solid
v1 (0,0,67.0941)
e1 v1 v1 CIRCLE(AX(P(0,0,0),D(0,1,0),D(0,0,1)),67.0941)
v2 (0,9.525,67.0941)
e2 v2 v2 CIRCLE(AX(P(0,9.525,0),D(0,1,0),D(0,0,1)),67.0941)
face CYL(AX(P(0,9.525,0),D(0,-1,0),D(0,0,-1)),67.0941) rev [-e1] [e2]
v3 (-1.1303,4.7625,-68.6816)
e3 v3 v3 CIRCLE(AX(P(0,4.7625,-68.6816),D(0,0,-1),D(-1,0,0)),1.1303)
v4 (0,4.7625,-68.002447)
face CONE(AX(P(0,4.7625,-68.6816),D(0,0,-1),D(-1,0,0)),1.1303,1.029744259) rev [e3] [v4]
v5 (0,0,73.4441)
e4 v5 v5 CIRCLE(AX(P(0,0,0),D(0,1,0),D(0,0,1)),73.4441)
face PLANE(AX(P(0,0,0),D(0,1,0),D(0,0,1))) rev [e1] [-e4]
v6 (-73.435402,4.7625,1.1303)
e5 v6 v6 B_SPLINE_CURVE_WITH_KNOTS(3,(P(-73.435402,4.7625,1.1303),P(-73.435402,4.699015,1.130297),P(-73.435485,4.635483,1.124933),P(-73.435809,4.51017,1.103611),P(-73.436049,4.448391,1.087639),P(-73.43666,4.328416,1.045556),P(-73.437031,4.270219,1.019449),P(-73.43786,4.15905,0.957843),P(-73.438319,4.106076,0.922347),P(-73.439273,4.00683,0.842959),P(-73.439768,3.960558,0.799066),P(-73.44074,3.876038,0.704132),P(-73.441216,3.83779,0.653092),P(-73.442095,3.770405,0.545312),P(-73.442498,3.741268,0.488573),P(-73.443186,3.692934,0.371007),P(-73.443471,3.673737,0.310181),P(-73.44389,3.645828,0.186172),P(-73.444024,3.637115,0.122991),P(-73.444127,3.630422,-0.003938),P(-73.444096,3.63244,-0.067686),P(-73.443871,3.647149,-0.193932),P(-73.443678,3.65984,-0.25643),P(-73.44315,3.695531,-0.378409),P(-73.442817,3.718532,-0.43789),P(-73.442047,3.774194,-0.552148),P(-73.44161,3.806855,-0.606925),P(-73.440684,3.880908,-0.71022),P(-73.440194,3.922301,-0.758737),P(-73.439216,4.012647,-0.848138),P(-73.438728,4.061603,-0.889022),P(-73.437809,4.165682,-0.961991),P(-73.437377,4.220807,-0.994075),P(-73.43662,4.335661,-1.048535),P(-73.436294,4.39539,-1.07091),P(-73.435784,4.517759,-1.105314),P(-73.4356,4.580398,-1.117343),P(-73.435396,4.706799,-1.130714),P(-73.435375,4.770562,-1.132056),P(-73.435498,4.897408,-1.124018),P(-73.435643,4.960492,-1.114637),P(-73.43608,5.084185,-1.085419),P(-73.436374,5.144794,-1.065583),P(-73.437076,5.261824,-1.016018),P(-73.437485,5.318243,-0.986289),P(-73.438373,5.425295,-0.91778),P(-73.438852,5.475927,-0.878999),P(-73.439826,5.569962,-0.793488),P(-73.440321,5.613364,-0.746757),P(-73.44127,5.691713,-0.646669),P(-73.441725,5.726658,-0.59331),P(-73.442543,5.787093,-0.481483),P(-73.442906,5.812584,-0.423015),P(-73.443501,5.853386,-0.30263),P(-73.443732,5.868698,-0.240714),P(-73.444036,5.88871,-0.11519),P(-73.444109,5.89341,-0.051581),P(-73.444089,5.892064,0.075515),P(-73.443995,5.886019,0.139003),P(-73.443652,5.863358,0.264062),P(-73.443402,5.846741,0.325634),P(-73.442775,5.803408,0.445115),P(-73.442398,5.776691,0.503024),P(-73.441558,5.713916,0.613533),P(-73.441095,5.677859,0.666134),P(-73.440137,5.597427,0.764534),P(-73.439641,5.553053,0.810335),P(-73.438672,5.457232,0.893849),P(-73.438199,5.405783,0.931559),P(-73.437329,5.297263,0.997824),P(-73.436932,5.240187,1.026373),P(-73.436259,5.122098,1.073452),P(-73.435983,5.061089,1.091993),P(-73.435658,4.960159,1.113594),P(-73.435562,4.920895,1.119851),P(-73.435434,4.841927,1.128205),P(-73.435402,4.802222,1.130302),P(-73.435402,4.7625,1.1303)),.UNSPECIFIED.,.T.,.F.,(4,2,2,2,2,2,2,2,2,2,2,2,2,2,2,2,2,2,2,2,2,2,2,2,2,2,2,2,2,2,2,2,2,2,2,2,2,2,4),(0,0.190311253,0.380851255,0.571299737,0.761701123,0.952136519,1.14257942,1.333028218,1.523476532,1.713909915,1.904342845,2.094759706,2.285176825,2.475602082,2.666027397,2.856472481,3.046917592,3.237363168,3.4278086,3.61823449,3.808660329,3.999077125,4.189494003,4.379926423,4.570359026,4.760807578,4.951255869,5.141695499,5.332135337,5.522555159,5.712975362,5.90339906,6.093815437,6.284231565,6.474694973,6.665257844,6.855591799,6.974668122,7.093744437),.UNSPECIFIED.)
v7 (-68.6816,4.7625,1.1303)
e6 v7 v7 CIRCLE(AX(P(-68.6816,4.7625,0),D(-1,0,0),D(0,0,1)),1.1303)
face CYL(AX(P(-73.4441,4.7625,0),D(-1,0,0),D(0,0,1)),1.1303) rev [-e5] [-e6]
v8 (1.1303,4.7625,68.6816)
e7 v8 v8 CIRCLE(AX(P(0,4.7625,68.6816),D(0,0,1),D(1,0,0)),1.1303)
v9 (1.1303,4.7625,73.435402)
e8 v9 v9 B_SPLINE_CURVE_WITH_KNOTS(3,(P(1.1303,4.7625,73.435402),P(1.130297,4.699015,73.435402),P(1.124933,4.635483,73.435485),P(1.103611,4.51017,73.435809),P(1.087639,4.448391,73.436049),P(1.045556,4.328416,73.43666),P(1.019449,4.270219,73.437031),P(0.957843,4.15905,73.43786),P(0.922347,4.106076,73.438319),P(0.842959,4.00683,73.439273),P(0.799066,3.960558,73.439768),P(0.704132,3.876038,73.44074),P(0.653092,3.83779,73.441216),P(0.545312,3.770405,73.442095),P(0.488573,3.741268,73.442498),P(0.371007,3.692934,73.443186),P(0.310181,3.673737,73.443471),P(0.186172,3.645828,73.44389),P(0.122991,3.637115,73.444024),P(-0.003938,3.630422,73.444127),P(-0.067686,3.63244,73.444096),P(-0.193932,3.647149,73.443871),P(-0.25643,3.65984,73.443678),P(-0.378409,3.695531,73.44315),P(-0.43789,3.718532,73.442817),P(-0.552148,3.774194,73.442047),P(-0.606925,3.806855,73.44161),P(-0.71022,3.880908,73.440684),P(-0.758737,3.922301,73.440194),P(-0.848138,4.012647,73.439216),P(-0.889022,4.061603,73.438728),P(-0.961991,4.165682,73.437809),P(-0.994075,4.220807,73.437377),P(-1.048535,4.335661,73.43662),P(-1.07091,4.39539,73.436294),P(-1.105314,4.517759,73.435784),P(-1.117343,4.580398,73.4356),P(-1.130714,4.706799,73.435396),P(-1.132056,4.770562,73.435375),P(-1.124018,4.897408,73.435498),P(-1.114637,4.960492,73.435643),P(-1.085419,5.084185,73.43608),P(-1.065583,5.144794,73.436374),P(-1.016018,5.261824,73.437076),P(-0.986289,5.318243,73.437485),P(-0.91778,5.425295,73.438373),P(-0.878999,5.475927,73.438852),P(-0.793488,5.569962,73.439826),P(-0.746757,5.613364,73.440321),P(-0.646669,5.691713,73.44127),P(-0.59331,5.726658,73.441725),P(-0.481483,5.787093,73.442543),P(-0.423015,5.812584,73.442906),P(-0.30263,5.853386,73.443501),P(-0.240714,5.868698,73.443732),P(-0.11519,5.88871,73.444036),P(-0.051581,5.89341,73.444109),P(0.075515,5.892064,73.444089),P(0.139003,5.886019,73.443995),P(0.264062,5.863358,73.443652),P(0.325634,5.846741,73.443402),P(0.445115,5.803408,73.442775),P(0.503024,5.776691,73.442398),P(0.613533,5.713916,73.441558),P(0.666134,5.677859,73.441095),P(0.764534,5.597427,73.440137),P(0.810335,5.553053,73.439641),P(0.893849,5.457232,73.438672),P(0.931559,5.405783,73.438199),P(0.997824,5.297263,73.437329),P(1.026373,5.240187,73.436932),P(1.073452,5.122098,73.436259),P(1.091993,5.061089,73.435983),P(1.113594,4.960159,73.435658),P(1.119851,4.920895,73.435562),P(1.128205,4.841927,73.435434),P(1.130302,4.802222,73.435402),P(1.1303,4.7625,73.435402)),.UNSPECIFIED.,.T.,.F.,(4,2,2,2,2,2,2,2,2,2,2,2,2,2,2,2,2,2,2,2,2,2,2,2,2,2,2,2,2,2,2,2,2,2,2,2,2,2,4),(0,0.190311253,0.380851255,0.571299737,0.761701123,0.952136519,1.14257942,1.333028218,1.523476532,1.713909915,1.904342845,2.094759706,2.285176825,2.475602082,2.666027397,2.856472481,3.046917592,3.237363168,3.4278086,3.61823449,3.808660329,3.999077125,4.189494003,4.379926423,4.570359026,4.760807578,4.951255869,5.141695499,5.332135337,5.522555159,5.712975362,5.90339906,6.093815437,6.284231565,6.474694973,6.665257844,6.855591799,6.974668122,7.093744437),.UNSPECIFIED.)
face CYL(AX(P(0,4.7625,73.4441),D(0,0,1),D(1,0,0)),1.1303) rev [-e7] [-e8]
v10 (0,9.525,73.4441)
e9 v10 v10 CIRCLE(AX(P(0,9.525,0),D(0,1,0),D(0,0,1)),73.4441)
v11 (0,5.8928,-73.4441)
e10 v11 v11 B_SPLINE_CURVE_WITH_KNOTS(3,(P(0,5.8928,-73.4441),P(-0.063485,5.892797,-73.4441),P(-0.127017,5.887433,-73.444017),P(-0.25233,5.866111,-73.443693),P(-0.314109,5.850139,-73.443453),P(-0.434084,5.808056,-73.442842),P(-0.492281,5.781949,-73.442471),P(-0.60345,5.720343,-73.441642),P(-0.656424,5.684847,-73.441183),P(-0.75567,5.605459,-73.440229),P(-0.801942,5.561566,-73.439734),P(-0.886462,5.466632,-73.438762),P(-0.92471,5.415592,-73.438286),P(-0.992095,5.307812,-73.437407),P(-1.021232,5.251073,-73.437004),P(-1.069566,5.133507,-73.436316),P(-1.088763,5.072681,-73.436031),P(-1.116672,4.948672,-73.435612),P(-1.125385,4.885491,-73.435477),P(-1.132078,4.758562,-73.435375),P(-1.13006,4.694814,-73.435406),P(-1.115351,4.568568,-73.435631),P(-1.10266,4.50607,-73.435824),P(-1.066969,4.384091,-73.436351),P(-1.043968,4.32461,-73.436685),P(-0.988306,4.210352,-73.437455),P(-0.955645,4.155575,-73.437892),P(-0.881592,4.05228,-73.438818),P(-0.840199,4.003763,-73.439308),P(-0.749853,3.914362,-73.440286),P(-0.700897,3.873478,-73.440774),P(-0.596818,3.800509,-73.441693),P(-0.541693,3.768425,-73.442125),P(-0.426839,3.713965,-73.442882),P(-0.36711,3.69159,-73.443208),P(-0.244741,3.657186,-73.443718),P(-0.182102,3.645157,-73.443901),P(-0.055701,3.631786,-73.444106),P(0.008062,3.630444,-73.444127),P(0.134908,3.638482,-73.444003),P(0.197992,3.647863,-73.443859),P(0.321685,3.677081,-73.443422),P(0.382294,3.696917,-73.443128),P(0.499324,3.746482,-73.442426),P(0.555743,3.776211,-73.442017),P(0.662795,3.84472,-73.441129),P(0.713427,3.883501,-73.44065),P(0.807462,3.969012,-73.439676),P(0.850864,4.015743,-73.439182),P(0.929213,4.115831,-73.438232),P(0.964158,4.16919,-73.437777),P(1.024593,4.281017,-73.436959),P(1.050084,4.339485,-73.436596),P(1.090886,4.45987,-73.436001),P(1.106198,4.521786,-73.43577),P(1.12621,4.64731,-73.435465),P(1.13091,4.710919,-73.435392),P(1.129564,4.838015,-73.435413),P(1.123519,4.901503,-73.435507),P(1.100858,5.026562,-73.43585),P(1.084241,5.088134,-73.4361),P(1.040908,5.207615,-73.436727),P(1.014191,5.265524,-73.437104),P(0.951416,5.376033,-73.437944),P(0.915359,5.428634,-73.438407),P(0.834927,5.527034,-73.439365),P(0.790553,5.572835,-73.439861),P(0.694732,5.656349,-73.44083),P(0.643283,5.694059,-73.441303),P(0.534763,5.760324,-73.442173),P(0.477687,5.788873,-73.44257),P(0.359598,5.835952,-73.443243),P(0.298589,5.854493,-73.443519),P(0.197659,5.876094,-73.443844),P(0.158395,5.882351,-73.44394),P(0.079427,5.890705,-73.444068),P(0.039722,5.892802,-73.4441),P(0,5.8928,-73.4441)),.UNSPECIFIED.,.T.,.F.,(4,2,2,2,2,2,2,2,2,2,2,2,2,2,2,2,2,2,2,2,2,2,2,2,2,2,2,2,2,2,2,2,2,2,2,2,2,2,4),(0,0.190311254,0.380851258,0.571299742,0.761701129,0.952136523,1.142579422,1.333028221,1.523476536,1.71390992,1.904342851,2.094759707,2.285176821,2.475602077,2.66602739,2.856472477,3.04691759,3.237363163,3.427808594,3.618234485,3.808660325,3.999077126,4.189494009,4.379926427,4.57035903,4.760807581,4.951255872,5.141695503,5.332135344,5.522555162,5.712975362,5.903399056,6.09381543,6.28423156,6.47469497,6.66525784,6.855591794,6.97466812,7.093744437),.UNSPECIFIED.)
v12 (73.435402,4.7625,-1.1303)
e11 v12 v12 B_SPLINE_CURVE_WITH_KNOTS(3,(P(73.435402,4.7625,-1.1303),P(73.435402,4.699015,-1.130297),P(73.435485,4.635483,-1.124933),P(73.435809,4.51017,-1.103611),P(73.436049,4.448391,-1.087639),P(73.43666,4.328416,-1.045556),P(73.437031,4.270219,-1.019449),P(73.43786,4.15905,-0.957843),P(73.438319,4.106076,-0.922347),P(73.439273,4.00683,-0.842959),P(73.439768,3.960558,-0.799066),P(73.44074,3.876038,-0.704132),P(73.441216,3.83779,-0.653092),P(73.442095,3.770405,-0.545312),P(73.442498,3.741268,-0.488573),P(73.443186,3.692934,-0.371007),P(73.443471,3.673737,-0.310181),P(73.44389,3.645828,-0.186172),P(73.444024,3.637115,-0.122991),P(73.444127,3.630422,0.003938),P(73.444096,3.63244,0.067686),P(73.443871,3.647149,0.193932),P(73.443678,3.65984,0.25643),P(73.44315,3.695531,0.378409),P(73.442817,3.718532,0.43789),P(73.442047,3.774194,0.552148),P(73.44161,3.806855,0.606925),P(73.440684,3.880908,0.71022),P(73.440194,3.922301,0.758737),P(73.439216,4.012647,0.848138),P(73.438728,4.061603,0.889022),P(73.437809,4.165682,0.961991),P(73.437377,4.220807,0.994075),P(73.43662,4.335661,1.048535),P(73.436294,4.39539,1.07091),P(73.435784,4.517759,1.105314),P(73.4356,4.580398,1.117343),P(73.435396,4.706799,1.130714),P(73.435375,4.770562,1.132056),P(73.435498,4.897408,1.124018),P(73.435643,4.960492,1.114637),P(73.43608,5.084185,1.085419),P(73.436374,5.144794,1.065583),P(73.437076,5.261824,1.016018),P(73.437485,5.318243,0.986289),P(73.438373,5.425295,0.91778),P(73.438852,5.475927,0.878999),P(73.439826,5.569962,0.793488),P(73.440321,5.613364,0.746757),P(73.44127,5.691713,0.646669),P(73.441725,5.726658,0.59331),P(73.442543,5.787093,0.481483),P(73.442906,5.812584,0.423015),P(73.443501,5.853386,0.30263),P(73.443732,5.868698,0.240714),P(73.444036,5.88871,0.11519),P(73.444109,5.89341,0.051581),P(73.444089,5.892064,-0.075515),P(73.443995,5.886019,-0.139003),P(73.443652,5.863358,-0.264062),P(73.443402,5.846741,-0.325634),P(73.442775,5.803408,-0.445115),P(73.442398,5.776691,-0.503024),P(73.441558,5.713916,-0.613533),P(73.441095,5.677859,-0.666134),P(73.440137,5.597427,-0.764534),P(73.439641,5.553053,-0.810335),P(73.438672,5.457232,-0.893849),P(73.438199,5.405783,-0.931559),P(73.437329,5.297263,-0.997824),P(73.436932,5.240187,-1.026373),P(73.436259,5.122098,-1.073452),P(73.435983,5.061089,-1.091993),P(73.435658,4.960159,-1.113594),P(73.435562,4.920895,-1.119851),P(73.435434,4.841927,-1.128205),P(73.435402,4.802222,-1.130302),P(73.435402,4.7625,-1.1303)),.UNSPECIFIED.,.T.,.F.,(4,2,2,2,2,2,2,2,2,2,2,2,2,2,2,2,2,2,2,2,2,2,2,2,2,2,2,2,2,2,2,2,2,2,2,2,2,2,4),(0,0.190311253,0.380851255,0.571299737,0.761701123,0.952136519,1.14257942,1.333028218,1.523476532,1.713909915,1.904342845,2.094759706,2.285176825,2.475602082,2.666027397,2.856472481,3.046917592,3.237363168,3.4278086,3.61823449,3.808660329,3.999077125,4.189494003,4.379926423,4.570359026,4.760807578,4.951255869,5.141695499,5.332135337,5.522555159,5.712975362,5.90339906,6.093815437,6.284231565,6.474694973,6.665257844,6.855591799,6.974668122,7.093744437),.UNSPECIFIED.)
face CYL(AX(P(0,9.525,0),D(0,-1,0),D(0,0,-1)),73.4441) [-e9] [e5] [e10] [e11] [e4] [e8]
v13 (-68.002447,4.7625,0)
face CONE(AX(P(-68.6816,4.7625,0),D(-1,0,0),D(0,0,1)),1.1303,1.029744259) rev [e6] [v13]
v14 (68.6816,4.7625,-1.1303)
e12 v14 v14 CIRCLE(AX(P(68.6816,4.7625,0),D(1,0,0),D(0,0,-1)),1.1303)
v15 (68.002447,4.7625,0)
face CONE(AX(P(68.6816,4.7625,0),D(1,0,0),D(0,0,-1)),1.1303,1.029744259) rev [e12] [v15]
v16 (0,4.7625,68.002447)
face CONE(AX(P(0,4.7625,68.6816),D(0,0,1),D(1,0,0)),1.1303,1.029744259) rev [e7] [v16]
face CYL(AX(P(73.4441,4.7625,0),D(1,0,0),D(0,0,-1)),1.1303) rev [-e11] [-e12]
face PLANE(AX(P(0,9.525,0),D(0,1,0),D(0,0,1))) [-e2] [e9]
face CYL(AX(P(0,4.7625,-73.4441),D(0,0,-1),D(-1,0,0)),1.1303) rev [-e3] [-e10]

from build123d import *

# Parameters (mm, degrees)
SKETCH1_R           = 73.4441
SKETCH1_R_2         = 67.0941
BOSS_EXTRUDE1_DEPTH = 9.525
CIRPATTERN1_COUNT   = 4


with BuildPart() as part:
    # Sketch1 → Boss-Extrude1 (new body)
    with BuildSketch(Plane(origin=(0, 0, 0), x_dir=(1, 0, 0), z_dir=(0, 1, 0))):
        Circle(SKETCH1_R)
        Circle(SKETCH1_R_2, mode=Mode.SUBTRACT)
    extrude(amount=BOSS_EXTRUDE1_DEPTH)

    # Sketch3 → Tap Drill for #4-40 Tap1 (revolve, cut)
    with BuildSketch(Plane(origin=(0, 4.7625, 73.4441), x_dir=(0, -1, 0), z_dir=(1, 0, 0))):
        Polygon((0, 0), (0, 5.441652758), (1.1303, 4.7625), (1.1303, 0), align=None)
    tap_drill_for_4_40_tap1 = revolve(axis=Axis((0, 4.7625, 79.7941), (0, 0, -1)), mode=Mode.SUBTRACT)

    # CirPattern1: Tap Drill for #4-40 Tap1 ×4 about axis
    cirpattern1_axis = Axis((0, 9.525, 0), (0, 1, 0))
    for i in range(1, CIRPATTERN1_COUNT):
        add(tap_drill_for_4_40_tap1.rotate(cirpattern1_axis, i * 360 / CIRPATTERN1_COUNT), mode=Mode.SUBTRACT)


solid = part.part
